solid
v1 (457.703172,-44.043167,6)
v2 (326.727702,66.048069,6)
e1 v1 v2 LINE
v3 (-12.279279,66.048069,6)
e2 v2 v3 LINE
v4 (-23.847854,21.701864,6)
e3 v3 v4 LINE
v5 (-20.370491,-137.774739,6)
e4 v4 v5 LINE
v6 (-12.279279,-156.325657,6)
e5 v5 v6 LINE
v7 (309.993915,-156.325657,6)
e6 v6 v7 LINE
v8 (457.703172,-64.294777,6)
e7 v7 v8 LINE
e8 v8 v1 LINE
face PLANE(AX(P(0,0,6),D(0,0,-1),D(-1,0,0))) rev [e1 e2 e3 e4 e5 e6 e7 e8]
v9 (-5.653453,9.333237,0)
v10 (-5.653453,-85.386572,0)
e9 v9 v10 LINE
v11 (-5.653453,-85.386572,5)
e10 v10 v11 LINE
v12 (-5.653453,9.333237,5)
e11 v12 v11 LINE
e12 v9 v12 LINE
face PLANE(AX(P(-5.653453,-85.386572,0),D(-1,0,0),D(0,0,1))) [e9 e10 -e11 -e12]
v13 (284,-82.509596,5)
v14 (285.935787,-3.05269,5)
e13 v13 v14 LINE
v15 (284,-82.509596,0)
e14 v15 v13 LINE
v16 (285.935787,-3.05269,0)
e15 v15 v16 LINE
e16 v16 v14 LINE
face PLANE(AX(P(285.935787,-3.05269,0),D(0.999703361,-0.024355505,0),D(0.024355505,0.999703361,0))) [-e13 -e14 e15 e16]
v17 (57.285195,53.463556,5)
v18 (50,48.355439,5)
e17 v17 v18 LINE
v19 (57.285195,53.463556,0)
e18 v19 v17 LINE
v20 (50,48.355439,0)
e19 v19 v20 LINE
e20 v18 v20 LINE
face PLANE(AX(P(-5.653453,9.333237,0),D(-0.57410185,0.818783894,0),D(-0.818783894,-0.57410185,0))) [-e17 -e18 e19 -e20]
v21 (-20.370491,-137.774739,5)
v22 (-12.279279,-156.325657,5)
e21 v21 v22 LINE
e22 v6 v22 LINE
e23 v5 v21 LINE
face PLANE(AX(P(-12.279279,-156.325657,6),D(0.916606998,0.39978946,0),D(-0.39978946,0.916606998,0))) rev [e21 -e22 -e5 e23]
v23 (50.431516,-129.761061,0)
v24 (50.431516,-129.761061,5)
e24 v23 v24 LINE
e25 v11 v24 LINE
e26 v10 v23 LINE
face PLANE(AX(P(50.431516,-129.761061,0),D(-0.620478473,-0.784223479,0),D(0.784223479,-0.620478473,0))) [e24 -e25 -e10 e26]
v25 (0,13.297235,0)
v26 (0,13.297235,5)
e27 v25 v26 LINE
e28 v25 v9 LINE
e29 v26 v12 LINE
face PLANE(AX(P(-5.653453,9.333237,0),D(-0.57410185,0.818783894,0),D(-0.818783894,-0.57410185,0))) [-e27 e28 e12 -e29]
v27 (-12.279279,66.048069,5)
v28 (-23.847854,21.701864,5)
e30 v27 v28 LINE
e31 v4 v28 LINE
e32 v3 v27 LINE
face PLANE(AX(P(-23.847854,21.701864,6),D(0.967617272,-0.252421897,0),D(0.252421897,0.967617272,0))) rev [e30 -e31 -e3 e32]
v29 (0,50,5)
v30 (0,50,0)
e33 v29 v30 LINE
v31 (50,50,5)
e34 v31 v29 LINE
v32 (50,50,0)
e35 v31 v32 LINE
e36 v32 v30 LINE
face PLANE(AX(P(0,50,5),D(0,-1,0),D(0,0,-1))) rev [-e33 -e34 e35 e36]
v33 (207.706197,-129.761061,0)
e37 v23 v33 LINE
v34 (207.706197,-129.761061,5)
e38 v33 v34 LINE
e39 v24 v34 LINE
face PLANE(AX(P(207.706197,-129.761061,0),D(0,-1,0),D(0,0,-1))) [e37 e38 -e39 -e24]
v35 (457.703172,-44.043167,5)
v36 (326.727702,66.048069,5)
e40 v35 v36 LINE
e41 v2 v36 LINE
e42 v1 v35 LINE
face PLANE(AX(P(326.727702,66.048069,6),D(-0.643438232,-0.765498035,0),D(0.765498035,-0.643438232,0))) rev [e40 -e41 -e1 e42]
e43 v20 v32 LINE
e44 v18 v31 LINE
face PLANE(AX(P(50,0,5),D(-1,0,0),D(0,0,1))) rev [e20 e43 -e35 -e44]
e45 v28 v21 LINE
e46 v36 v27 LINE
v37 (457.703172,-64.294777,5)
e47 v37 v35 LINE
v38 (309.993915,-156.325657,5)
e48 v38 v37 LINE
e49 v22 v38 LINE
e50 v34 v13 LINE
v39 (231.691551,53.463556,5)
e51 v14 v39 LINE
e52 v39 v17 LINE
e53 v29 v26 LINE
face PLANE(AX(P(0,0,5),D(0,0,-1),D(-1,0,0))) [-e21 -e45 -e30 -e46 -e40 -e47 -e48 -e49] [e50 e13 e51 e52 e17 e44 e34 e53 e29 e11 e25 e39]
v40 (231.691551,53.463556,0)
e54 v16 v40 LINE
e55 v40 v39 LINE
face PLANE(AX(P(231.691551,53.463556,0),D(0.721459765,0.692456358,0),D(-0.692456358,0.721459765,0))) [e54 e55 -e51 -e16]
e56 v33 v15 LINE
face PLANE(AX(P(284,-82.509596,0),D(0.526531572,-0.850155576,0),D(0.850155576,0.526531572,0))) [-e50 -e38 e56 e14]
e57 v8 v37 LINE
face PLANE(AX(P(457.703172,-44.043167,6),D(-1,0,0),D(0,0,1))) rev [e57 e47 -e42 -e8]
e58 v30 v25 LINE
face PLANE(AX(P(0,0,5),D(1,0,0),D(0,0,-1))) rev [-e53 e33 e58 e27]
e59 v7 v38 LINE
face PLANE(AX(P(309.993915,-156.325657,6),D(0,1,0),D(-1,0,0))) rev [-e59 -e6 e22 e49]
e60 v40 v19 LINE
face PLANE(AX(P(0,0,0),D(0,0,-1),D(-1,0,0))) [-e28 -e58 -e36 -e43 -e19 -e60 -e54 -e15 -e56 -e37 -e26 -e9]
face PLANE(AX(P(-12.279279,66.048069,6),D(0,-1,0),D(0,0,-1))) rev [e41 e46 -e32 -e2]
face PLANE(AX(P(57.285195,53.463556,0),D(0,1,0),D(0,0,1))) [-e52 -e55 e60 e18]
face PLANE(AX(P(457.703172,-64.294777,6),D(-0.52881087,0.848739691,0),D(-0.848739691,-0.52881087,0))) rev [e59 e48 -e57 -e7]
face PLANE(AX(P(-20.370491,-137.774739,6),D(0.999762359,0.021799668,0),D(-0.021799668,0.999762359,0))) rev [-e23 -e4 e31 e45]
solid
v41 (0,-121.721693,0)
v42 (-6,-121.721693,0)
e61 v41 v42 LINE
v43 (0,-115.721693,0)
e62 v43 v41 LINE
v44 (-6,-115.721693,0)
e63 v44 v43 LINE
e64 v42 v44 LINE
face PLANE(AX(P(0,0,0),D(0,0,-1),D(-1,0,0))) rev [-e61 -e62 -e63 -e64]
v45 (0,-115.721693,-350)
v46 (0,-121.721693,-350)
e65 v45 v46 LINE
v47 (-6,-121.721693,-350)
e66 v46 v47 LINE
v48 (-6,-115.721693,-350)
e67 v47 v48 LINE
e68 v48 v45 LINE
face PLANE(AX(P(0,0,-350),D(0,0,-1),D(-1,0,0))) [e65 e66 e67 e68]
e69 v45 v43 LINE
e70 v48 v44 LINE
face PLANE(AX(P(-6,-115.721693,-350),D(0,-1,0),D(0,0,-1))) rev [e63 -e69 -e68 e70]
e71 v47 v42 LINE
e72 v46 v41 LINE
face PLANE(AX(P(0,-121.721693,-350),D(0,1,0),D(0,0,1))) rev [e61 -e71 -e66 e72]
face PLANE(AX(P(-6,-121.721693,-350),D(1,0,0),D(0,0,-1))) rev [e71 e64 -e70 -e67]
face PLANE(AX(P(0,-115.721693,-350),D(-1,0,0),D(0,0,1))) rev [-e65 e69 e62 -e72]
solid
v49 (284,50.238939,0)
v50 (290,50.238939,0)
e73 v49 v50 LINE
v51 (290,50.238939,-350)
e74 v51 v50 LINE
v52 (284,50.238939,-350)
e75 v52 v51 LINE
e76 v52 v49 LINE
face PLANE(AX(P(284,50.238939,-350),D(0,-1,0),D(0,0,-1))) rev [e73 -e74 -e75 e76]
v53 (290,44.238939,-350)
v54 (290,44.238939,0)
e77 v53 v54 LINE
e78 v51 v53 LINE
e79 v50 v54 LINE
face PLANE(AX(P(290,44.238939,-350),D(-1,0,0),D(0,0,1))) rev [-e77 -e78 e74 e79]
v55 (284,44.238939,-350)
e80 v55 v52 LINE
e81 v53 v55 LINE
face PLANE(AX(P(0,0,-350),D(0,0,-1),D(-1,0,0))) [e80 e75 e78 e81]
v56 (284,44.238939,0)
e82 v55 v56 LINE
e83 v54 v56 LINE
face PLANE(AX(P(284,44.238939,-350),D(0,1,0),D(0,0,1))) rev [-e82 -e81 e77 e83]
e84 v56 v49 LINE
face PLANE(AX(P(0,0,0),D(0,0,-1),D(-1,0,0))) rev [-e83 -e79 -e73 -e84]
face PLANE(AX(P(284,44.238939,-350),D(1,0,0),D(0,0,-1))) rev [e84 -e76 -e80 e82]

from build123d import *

# Parameters (mm, degrees)
ESQUISSE1_W          = 50
ESQUISSE1_H          = 50
BOSS_EXTRU_1_DEPTH   = 5
BOSS_EXTRU_2_DEPTH   = 5
ESQUISSE3_W          = 6
ESQUISSE3_H          = 6
BOSS_EXTRU_3_DEPTH   = 350
BOSS_EXTRU_3_2_DEPTH = 350
BOSS_EXTRU_4_DEPTH   = 1


with BuildPart() as part:
    # Esquisse1 → Boss.-Extru.1 (new body)
    with BuildSketch(Plane.XY):
        with Locations((25, 25)):
            Rectangle(ESQUISSE1_W, ESQUISSE1_H)
    extrude(amount=BOSS_EXTRU_1_DEPTH)

    # Esquisse2 → Boss.-Extru.2 (add)
    with BuildSketch(Plane.XY.offset(5)):
        Polygon((-5.653453017, 9.333236963), (57.285195489, 53.463556126), (231.691551155, 53.463556126), (285.93578731, -3.052689921), (284, -82.509595771), (207.706196647, -129.761060536), (50.431516213, -129.761060536), (-5.653453017, -85.386571632), align=None)
    extrude(amount=-BOSS_EXTRU_2_DEPTH)

    # Esquisse4 → Boss.-Extru.4 (add)
    with BuildSketch(Plane.XY.offset(5)):
        Polygon((-12.279278661, 66.048069058), (326.72770214, 66.048069058), (457.703171695, -44.043166729), (457.703171695, -64.294776841), (309.993915216, -156.325656643), (-12.279278661, -156.325656643), (-20.370490615, -137.774738612), (-23.847853986, 21.701863644), align=None)
    extrude(amount=BOSS_EXTRU_4_DEPTH)


with BuildPart() as body_2:
    # Esquisse3 → Boss.-Extru.3 (new body)
    with BuildSketch(Plane(origin=(0, 0, 0), x_dir=(-1, 0, 0), z_dir=(0, 0, -1))):
        with Locations((3, -118.721693301)):
            Rectangle(ESQUISSE3_W, ESQUISSE3_H)
    extrude(amount=BOSS_EXTRU_3_DEPTH)


with BuildPart() as body_3:
    # Esquisse3 → Boss.-Extru.3 2 (new body)
    with BuildSketch(Plane(origin=(0, 0, 0), x_dir=(-1, 0, 0), z_dir=(0, 0, -1))):
        with Locations((-287, 47.238939464)):
            Rectangle(ESQUISSE3_W, ESQUISSE3_H)
    extrude(amount=BOSS_EXTRU_3_2_DEPTH)


solid = Compound([part.part, body_2.part, body_3.part])
